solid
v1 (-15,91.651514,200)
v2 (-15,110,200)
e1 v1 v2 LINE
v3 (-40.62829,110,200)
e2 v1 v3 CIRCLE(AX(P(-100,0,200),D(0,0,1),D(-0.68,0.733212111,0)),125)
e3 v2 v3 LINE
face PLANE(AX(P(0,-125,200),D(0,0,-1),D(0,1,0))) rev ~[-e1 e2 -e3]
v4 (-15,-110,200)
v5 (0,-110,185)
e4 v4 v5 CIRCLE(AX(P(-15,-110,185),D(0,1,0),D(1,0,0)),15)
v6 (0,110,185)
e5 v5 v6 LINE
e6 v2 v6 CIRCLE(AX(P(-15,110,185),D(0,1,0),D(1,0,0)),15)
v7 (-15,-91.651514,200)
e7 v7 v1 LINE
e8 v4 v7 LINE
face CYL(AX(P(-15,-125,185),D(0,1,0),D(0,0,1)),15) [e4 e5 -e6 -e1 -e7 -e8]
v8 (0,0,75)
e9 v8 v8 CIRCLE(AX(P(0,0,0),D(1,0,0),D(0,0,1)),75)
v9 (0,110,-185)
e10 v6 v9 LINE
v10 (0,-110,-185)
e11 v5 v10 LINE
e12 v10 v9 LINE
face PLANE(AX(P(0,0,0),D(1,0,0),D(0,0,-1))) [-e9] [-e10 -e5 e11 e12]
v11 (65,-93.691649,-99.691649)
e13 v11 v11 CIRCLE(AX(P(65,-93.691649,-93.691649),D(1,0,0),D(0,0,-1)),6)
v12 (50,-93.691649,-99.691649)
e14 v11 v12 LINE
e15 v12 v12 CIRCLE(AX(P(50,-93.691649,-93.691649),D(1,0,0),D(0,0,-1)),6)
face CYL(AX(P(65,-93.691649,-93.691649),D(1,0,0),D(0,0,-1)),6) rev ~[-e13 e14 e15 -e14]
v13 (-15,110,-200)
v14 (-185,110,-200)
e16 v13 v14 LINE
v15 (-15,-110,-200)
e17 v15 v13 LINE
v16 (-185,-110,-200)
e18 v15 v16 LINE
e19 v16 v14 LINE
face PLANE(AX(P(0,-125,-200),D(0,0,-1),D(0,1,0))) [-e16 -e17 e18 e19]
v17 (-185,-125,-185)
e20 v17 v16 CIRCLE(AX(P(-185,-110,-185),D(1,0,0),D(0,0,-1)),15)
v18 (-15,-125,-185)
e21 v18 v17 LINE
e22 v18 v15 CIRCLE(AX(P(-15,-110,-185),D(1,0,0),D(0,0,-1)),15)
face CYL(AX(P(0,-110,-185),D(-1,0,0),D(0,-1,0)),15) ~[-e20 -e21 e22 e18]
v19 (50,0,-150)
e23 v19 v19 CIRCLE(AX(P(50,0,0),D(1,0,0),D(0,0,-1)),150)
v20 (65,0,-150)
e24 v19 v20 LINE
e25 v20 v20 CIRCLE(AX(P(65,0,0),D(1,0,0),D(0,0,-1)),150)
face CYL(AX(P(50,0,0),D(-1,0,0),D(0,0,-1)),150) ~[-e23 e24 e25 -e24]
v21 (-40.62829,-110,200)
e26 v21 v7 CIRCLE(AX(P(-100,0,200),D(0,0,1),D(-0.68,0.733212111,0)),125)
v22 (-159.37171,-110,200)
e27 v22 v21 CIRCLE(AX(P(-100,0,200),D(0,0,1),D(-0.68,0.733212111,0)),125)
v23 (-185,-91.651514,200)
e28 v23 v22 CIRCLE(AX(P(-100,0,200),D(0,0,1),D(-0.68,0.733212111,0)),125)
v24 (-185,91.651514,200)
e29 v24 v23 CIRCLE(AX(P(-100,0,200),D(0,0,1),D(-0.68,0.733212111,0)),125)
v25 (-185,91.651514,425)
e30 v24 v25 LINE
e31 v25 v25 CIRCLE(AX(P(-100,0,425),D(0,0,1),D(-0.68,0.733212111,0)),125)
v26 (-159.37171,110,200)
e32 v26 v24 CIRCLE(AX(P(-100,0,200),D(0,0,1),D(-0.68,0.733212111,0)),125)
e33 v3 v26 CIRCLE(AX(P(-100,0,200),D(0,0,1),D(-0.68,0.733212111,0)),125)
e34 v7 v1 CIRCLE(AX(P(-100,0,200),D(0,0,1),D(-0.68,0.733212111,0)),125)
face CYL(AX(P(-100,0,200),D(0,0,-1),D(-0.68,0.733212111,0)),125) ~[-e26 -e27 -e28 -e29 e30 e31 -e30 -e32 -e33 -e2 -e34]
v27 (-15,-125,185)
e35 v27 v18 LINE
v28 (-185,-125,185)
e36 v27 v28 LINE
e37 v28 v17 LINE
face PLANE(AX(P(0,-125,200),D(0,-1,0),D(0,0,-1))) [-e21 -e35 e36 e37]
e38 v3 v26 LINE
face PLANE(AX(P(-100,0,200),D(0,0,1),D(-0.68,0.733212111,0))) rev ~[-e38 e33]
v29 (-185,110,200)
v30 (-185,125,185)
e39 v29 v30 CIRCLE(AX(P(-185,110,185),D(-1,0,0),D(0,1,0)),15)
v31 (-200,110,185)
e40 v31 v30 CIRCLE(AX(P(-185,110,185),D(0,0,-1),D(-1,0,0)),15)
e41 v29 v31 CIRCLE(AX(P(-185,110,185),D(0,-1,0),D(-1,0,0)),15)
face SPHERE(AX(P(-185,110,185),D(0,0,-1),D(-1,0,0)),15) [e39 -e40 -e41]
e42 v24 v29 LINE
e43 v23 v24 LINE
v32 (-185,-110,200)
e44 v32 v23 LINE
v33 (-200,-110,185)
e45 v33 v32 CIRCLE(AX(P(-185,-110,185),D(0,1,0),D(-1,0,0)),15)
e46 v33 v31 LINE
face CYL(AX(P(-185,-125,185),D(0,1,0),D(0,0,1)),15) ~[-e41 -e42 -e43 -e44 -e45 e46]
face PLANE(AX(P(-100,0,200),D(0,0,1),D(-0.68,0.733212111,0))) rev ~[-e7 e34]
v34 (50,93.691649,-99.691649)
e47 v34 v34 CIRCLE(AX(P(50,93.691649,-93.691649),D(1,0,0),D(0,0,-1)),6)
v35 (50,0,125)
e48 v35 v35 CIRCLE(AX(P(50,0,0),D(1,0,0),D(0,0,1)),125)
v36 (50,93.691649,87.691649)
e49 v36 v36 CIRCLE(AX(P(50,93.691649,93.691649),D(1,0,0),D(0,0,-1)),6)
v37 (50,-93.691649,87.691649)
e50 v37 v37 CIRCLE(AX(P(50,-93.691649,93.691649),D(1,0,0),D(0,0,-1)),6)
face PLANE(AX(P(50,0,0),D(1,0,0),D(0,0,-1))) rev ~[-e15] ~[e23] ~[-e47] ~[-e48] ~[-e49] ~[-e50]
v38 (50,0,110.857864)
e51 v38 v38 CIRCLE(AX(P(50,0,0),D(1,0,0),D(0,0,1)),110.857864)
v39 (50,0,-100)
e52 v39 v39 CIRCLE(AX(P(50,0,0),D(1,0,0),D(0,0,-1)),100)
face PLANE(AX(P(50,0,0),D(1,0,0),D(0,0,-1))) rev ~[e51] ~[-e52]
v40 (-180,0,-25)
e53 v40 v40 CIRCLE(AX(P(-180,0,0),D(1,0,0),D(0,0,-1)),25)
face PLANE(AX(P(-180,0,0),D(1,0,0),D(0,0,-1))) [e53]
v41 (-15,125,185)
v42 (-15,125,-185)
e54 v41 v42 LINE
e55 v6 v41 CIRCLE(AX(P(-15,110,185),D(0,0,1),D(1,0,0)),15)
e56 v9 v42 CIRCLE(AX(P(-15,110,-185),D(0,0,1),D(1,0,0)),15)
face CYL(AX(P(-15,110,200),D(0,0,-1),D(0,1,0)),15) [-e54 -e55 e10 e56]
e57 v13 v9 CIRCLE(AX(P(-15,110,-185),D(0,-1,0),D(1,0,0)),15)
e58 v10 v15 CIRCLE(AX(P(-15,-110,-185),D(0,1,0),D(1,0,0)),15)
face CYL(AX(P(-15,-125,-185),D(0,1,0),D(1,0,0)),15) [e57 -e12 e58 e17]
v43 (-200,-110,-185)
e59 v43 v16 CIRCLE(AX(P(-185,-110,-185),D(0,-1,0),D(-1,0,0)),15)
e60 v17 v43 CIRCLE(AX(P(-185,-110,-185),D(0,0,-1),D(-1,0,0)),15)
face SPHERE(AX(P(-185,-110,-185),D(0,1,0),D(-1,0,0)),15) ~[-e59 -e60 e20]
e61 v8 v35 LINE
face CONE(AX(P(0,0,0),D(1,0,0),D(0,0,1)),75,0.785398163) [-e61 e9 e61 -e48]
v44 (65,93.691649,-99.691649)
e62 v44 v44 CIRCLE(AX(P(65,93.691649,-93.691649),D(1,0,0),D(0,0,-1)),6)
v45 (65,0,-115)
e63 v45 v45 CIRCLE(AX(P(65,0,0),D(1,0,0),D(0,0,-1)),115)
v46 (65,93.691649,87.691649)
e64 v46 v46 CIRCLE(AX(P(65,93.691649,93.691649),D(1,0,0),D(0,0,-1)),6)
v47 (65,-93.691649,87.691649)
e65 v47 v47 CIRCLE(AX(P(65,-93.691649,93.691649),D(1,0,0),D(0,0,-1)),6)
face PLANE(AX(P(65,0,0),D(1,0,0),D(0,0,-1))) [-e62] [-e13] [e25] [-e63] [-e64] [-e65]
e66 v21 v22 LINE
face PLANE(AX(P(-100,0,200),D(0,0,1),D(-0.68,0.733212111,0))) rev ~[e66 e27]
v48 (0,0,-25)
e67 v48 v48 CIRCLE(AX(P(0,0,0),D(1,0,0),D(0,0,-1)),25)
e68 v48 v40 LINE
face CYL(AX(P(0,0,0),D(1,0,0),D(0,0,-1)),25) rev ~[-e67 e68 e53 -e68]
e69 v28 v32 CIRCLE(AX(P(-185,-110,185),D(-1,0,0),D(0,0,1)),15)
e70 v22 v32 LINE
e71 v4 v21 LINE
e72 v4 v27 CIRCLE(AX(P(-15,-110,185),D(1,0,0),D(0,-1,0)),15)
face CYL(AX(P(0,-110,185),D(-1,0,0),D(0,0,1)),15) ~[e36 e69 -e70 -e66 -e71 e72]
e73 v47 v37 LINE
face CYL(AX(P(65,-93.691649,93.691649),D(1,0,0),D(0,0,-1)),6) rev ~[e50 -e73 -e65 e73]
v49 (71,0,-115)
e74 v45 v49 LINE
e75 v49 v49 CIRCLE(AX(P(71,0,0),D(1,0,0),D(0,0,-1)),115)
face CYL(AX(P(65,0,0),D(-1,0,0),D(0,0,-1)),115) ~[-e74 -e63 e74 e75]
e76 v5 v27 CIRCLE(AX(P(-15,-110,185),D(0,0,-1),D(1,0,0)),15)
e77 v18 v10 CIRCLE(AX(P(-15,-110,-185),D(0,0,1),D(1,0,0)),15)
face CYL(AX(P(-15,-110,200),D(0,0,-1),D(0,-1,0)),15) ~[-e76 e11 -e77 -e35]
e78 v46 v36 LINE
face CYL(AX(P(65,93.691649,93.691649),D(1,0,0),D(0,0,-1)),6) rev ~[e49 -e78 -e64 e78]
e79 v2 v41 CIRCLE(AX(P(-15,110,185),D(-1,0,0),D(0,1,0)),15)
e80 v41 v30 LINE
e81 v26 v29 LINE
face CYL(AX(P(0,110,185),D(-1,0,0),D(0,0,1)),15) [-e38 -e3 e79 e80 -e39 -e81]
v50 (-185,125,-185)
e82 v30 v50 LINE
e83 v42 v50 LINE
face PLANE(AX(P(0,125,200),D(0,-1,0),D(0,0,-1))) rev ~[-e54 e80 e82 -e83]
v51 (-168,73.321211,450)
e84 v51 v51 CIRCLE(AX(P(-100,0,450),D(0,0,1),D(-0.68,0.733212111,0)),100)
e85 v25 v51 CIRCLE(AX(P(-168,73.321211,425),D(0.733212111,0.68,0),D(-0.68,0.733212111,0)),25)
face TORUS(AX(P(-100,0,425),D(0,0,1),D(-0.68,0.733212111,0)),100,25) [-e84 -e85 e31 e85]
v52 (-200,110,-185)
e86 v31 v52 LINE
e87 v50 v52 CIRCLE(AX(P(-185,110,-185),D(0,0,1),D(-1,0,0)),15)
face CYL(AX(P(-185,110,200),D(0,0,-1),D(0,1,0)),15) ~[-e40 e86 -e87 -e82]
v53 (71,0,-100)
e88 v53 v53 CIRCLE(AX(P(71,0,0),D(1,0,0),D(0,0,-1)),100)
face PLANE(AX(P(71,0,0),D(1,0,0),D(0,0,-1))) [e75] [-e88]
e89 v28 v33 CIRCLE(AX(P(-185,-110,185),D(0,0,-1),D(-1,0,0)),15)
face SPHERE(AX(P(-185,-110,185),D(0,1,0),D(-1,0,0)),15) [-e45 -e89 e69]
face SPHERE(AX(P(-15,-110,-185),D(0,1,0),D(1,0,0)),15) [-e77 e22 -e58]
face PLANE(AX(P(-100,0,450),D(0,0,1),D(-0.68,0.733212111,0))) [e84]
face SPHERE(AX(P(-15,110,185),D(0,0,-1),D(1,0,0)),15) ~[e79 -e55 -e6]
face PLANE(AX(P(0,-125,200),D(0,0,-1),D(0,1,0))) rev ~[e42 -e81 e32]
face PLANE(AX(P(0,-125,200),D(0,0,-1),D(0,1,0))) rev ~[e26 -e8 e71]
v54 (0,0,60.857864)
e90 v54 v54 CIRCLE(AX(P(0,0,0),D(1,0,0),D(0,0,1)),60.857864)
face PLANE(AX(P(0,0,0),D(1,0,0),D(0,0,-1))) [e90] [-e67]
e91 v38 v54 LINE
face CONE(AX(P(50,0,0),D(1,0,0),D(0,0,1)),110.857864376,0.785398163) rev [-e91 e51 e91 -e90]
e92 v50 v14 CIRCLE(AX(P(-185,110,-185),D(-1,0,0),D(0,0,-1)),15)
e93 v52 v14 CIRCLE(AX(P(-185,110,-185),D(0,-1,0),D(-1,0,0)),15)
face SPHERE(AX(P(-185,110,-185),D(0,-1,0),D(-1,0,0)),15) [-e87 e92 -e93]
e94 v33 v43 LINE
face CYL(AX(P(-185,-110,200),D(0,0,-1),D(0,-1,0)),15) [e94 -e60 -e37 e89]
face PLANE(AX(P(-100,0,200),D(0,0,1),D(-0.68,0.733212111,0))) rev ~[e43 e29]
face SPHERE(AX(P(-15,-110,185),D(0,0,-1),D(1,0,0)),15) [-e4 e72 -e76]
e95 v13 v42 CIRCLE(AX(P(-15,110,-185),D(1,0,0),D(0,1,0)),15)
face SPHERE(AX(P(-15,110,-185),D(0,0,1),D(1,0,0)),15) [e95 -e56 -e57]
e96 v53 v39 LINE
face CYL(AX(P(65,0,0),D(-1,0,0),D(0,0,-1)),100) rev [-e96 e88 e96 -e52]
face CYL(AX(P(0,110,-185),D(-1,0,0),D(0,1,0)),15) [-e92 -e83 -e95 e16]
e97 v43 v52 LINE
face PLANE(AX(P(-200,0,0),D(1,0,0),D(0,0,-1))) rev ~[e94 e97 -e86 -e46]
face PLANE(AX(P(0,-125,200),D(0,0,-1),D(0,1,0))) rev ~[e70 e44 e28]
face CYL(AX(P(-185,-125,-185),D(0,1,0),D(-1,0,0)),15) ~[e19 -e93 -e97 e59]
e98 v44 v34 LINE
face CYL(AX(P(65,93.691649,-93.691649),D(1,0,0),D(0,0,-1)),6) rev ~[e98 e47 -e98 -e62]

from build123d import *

# Parameters (mm, degrees)
SKETCH_4_W          = 400
SKETCH_4_H          = 250
EXTRUDE_4_DEPTH     = 200
SKETCH_10_R         = 25
CUT_EXTRUDE_1_DEPTH = 180
FILLET_3_R          = 15
SKETCH_9_R          = 125
EXTRUDE_8_DEPTH     = 250
FILLET_4_R          = 25
SKETCH_5_R          = 150
SKETCH_5_R_2        = 100
EXTRUDE_5_DEPTH     = 15
SKETCH_6_R          = 115
SKETCH_6_R_2        = 100
EXTRUDE_6_DEPTH     = 6
SKETCH_13_R         = 6
CUT_EXTRUDE_2_DEPTH = 15


with BuildPart() as part:
    # 草图4 → 凸台-拉伸4 (new body)
    with BuildSketch(Plane(origin=(0, 0, 0), x_dir=(0, 0, -1), z_dir=(1, 0, 0))):
        Rectangle(SKETCH_4_W, SKETCH_4_H)
    extrude(amount=-EXTRUDE_4_DEPTH)

    # 草图10 → 切除-拉伸1 (cut)
    with BuildSketch(Plane(origin=(0, 0, 0), x_dir=(0, 0, -1), z_dir=(1, 0, 0))):
        Circle(SKETCH_10_R)
    extrude(amount=-CUT_EXTRUDE_1_DEPTH, mode=Mode.SUBTRACT)

    # 圆角3
    fillet_3_edges = [part.edges().sort_by_distance(p)[0] for p in [
        (-200, 0, -200),
        (-200, 125, 0),
        (-200, 0, 200),
        (0, 125, 0),
        (0, 0, -200),
        (0, -125, 0),
        (0, 0, 200),
        (-200, -125, 0),
        (-100, 125, 200),
        (-100, 125, -200),
        (-100, -125, -200),
        (-100, -125, 200),
    ]]
    fillet(fillet_3_edges, radius=FILLET_3_R)

    # 草图9 → 凸台-拉伸8 (add)
    with BuildSketch(Plane.XY.offset(200)):
        with Locations(Location((-100, 0, 0), (0, 0, 132.843643044))):
            Circle(SKETCH_9_R)
    extrude(amount=EXTRUDE_8_DEPTH)

    # 圆角4
    fillet_4_edges = [part.edges().sort_by_distance(p)[0] for p in [
        (-14.999999999, -91.651513899, 450),
    ]]
    fillet(fillet_4_edges, radius=FILLET_4_R)

    # 草图12 → 旋转1 (revolve)
    with BuildSketch(Plane.XY, mode=Mode.PRIVATE) as revolve_1_sk:
        Polygon((0, 75), (50, 125), (50, 110.857864376), (0, 60.857864376), align=None)
    revolve(revolve_1_sk.sketch.rotate(Axis((-1000, 0, 0), (1, 0, 0)), 90), axis=Axis((-1000, 0, 0), (1, 0, 0)))

    # 草图5 → 凸台-拉伸5 (add)
    with BuildSketch(Plane(origin=(50, 0, 0), x_dir=(0, 0, -1), z_dir=(1, 0, 0))):
        Circle(SKETCH_5_R)
        Circle(SKETCH_5_R_2, mode=Mode.SUBTRACT)
    extrude(amount=EXTRUDE_5_DEPTH)

    # 草图6 → 凸台-拉伸6 (add)
    with BuildSketch(Plane(origin=(65, 0, 0), x_dir=(0, 0, -1), z_dir=(1, 0, 0))):
        Circle(SKETCH_6_R)
        Circle(SKETCH_6_R_2, mode=Mode.SUBTRACT)
    extrude(amount=EXTRUDE_6_DEPTH)

    # 草图13 → 切除-拉伸2 (cut)
    with BuildSketch(Plane(origin=(65, 0, 0), x_dir=(0, 0, -1), z_dir=(1, 0, 0))):
        with Locations((93.691648507, 93.691648507)):
            Circle(SKETCH_13_R)
        with Locations((-93.691648507, -93.691648507)):
            Circle(SKETCH_13_R)
        with Locations((-93.691648507, 93.691648507)):
            Circle(SKETCH_13_R)
        with Locations((93.691648507, -93.691648507)):
            Circle(SKETCH_13_R)
    extrude(amount=-CUT_EXTRUDE_2_DEPTH, mode=Mode.SUBTRACT)


solid = part.part
